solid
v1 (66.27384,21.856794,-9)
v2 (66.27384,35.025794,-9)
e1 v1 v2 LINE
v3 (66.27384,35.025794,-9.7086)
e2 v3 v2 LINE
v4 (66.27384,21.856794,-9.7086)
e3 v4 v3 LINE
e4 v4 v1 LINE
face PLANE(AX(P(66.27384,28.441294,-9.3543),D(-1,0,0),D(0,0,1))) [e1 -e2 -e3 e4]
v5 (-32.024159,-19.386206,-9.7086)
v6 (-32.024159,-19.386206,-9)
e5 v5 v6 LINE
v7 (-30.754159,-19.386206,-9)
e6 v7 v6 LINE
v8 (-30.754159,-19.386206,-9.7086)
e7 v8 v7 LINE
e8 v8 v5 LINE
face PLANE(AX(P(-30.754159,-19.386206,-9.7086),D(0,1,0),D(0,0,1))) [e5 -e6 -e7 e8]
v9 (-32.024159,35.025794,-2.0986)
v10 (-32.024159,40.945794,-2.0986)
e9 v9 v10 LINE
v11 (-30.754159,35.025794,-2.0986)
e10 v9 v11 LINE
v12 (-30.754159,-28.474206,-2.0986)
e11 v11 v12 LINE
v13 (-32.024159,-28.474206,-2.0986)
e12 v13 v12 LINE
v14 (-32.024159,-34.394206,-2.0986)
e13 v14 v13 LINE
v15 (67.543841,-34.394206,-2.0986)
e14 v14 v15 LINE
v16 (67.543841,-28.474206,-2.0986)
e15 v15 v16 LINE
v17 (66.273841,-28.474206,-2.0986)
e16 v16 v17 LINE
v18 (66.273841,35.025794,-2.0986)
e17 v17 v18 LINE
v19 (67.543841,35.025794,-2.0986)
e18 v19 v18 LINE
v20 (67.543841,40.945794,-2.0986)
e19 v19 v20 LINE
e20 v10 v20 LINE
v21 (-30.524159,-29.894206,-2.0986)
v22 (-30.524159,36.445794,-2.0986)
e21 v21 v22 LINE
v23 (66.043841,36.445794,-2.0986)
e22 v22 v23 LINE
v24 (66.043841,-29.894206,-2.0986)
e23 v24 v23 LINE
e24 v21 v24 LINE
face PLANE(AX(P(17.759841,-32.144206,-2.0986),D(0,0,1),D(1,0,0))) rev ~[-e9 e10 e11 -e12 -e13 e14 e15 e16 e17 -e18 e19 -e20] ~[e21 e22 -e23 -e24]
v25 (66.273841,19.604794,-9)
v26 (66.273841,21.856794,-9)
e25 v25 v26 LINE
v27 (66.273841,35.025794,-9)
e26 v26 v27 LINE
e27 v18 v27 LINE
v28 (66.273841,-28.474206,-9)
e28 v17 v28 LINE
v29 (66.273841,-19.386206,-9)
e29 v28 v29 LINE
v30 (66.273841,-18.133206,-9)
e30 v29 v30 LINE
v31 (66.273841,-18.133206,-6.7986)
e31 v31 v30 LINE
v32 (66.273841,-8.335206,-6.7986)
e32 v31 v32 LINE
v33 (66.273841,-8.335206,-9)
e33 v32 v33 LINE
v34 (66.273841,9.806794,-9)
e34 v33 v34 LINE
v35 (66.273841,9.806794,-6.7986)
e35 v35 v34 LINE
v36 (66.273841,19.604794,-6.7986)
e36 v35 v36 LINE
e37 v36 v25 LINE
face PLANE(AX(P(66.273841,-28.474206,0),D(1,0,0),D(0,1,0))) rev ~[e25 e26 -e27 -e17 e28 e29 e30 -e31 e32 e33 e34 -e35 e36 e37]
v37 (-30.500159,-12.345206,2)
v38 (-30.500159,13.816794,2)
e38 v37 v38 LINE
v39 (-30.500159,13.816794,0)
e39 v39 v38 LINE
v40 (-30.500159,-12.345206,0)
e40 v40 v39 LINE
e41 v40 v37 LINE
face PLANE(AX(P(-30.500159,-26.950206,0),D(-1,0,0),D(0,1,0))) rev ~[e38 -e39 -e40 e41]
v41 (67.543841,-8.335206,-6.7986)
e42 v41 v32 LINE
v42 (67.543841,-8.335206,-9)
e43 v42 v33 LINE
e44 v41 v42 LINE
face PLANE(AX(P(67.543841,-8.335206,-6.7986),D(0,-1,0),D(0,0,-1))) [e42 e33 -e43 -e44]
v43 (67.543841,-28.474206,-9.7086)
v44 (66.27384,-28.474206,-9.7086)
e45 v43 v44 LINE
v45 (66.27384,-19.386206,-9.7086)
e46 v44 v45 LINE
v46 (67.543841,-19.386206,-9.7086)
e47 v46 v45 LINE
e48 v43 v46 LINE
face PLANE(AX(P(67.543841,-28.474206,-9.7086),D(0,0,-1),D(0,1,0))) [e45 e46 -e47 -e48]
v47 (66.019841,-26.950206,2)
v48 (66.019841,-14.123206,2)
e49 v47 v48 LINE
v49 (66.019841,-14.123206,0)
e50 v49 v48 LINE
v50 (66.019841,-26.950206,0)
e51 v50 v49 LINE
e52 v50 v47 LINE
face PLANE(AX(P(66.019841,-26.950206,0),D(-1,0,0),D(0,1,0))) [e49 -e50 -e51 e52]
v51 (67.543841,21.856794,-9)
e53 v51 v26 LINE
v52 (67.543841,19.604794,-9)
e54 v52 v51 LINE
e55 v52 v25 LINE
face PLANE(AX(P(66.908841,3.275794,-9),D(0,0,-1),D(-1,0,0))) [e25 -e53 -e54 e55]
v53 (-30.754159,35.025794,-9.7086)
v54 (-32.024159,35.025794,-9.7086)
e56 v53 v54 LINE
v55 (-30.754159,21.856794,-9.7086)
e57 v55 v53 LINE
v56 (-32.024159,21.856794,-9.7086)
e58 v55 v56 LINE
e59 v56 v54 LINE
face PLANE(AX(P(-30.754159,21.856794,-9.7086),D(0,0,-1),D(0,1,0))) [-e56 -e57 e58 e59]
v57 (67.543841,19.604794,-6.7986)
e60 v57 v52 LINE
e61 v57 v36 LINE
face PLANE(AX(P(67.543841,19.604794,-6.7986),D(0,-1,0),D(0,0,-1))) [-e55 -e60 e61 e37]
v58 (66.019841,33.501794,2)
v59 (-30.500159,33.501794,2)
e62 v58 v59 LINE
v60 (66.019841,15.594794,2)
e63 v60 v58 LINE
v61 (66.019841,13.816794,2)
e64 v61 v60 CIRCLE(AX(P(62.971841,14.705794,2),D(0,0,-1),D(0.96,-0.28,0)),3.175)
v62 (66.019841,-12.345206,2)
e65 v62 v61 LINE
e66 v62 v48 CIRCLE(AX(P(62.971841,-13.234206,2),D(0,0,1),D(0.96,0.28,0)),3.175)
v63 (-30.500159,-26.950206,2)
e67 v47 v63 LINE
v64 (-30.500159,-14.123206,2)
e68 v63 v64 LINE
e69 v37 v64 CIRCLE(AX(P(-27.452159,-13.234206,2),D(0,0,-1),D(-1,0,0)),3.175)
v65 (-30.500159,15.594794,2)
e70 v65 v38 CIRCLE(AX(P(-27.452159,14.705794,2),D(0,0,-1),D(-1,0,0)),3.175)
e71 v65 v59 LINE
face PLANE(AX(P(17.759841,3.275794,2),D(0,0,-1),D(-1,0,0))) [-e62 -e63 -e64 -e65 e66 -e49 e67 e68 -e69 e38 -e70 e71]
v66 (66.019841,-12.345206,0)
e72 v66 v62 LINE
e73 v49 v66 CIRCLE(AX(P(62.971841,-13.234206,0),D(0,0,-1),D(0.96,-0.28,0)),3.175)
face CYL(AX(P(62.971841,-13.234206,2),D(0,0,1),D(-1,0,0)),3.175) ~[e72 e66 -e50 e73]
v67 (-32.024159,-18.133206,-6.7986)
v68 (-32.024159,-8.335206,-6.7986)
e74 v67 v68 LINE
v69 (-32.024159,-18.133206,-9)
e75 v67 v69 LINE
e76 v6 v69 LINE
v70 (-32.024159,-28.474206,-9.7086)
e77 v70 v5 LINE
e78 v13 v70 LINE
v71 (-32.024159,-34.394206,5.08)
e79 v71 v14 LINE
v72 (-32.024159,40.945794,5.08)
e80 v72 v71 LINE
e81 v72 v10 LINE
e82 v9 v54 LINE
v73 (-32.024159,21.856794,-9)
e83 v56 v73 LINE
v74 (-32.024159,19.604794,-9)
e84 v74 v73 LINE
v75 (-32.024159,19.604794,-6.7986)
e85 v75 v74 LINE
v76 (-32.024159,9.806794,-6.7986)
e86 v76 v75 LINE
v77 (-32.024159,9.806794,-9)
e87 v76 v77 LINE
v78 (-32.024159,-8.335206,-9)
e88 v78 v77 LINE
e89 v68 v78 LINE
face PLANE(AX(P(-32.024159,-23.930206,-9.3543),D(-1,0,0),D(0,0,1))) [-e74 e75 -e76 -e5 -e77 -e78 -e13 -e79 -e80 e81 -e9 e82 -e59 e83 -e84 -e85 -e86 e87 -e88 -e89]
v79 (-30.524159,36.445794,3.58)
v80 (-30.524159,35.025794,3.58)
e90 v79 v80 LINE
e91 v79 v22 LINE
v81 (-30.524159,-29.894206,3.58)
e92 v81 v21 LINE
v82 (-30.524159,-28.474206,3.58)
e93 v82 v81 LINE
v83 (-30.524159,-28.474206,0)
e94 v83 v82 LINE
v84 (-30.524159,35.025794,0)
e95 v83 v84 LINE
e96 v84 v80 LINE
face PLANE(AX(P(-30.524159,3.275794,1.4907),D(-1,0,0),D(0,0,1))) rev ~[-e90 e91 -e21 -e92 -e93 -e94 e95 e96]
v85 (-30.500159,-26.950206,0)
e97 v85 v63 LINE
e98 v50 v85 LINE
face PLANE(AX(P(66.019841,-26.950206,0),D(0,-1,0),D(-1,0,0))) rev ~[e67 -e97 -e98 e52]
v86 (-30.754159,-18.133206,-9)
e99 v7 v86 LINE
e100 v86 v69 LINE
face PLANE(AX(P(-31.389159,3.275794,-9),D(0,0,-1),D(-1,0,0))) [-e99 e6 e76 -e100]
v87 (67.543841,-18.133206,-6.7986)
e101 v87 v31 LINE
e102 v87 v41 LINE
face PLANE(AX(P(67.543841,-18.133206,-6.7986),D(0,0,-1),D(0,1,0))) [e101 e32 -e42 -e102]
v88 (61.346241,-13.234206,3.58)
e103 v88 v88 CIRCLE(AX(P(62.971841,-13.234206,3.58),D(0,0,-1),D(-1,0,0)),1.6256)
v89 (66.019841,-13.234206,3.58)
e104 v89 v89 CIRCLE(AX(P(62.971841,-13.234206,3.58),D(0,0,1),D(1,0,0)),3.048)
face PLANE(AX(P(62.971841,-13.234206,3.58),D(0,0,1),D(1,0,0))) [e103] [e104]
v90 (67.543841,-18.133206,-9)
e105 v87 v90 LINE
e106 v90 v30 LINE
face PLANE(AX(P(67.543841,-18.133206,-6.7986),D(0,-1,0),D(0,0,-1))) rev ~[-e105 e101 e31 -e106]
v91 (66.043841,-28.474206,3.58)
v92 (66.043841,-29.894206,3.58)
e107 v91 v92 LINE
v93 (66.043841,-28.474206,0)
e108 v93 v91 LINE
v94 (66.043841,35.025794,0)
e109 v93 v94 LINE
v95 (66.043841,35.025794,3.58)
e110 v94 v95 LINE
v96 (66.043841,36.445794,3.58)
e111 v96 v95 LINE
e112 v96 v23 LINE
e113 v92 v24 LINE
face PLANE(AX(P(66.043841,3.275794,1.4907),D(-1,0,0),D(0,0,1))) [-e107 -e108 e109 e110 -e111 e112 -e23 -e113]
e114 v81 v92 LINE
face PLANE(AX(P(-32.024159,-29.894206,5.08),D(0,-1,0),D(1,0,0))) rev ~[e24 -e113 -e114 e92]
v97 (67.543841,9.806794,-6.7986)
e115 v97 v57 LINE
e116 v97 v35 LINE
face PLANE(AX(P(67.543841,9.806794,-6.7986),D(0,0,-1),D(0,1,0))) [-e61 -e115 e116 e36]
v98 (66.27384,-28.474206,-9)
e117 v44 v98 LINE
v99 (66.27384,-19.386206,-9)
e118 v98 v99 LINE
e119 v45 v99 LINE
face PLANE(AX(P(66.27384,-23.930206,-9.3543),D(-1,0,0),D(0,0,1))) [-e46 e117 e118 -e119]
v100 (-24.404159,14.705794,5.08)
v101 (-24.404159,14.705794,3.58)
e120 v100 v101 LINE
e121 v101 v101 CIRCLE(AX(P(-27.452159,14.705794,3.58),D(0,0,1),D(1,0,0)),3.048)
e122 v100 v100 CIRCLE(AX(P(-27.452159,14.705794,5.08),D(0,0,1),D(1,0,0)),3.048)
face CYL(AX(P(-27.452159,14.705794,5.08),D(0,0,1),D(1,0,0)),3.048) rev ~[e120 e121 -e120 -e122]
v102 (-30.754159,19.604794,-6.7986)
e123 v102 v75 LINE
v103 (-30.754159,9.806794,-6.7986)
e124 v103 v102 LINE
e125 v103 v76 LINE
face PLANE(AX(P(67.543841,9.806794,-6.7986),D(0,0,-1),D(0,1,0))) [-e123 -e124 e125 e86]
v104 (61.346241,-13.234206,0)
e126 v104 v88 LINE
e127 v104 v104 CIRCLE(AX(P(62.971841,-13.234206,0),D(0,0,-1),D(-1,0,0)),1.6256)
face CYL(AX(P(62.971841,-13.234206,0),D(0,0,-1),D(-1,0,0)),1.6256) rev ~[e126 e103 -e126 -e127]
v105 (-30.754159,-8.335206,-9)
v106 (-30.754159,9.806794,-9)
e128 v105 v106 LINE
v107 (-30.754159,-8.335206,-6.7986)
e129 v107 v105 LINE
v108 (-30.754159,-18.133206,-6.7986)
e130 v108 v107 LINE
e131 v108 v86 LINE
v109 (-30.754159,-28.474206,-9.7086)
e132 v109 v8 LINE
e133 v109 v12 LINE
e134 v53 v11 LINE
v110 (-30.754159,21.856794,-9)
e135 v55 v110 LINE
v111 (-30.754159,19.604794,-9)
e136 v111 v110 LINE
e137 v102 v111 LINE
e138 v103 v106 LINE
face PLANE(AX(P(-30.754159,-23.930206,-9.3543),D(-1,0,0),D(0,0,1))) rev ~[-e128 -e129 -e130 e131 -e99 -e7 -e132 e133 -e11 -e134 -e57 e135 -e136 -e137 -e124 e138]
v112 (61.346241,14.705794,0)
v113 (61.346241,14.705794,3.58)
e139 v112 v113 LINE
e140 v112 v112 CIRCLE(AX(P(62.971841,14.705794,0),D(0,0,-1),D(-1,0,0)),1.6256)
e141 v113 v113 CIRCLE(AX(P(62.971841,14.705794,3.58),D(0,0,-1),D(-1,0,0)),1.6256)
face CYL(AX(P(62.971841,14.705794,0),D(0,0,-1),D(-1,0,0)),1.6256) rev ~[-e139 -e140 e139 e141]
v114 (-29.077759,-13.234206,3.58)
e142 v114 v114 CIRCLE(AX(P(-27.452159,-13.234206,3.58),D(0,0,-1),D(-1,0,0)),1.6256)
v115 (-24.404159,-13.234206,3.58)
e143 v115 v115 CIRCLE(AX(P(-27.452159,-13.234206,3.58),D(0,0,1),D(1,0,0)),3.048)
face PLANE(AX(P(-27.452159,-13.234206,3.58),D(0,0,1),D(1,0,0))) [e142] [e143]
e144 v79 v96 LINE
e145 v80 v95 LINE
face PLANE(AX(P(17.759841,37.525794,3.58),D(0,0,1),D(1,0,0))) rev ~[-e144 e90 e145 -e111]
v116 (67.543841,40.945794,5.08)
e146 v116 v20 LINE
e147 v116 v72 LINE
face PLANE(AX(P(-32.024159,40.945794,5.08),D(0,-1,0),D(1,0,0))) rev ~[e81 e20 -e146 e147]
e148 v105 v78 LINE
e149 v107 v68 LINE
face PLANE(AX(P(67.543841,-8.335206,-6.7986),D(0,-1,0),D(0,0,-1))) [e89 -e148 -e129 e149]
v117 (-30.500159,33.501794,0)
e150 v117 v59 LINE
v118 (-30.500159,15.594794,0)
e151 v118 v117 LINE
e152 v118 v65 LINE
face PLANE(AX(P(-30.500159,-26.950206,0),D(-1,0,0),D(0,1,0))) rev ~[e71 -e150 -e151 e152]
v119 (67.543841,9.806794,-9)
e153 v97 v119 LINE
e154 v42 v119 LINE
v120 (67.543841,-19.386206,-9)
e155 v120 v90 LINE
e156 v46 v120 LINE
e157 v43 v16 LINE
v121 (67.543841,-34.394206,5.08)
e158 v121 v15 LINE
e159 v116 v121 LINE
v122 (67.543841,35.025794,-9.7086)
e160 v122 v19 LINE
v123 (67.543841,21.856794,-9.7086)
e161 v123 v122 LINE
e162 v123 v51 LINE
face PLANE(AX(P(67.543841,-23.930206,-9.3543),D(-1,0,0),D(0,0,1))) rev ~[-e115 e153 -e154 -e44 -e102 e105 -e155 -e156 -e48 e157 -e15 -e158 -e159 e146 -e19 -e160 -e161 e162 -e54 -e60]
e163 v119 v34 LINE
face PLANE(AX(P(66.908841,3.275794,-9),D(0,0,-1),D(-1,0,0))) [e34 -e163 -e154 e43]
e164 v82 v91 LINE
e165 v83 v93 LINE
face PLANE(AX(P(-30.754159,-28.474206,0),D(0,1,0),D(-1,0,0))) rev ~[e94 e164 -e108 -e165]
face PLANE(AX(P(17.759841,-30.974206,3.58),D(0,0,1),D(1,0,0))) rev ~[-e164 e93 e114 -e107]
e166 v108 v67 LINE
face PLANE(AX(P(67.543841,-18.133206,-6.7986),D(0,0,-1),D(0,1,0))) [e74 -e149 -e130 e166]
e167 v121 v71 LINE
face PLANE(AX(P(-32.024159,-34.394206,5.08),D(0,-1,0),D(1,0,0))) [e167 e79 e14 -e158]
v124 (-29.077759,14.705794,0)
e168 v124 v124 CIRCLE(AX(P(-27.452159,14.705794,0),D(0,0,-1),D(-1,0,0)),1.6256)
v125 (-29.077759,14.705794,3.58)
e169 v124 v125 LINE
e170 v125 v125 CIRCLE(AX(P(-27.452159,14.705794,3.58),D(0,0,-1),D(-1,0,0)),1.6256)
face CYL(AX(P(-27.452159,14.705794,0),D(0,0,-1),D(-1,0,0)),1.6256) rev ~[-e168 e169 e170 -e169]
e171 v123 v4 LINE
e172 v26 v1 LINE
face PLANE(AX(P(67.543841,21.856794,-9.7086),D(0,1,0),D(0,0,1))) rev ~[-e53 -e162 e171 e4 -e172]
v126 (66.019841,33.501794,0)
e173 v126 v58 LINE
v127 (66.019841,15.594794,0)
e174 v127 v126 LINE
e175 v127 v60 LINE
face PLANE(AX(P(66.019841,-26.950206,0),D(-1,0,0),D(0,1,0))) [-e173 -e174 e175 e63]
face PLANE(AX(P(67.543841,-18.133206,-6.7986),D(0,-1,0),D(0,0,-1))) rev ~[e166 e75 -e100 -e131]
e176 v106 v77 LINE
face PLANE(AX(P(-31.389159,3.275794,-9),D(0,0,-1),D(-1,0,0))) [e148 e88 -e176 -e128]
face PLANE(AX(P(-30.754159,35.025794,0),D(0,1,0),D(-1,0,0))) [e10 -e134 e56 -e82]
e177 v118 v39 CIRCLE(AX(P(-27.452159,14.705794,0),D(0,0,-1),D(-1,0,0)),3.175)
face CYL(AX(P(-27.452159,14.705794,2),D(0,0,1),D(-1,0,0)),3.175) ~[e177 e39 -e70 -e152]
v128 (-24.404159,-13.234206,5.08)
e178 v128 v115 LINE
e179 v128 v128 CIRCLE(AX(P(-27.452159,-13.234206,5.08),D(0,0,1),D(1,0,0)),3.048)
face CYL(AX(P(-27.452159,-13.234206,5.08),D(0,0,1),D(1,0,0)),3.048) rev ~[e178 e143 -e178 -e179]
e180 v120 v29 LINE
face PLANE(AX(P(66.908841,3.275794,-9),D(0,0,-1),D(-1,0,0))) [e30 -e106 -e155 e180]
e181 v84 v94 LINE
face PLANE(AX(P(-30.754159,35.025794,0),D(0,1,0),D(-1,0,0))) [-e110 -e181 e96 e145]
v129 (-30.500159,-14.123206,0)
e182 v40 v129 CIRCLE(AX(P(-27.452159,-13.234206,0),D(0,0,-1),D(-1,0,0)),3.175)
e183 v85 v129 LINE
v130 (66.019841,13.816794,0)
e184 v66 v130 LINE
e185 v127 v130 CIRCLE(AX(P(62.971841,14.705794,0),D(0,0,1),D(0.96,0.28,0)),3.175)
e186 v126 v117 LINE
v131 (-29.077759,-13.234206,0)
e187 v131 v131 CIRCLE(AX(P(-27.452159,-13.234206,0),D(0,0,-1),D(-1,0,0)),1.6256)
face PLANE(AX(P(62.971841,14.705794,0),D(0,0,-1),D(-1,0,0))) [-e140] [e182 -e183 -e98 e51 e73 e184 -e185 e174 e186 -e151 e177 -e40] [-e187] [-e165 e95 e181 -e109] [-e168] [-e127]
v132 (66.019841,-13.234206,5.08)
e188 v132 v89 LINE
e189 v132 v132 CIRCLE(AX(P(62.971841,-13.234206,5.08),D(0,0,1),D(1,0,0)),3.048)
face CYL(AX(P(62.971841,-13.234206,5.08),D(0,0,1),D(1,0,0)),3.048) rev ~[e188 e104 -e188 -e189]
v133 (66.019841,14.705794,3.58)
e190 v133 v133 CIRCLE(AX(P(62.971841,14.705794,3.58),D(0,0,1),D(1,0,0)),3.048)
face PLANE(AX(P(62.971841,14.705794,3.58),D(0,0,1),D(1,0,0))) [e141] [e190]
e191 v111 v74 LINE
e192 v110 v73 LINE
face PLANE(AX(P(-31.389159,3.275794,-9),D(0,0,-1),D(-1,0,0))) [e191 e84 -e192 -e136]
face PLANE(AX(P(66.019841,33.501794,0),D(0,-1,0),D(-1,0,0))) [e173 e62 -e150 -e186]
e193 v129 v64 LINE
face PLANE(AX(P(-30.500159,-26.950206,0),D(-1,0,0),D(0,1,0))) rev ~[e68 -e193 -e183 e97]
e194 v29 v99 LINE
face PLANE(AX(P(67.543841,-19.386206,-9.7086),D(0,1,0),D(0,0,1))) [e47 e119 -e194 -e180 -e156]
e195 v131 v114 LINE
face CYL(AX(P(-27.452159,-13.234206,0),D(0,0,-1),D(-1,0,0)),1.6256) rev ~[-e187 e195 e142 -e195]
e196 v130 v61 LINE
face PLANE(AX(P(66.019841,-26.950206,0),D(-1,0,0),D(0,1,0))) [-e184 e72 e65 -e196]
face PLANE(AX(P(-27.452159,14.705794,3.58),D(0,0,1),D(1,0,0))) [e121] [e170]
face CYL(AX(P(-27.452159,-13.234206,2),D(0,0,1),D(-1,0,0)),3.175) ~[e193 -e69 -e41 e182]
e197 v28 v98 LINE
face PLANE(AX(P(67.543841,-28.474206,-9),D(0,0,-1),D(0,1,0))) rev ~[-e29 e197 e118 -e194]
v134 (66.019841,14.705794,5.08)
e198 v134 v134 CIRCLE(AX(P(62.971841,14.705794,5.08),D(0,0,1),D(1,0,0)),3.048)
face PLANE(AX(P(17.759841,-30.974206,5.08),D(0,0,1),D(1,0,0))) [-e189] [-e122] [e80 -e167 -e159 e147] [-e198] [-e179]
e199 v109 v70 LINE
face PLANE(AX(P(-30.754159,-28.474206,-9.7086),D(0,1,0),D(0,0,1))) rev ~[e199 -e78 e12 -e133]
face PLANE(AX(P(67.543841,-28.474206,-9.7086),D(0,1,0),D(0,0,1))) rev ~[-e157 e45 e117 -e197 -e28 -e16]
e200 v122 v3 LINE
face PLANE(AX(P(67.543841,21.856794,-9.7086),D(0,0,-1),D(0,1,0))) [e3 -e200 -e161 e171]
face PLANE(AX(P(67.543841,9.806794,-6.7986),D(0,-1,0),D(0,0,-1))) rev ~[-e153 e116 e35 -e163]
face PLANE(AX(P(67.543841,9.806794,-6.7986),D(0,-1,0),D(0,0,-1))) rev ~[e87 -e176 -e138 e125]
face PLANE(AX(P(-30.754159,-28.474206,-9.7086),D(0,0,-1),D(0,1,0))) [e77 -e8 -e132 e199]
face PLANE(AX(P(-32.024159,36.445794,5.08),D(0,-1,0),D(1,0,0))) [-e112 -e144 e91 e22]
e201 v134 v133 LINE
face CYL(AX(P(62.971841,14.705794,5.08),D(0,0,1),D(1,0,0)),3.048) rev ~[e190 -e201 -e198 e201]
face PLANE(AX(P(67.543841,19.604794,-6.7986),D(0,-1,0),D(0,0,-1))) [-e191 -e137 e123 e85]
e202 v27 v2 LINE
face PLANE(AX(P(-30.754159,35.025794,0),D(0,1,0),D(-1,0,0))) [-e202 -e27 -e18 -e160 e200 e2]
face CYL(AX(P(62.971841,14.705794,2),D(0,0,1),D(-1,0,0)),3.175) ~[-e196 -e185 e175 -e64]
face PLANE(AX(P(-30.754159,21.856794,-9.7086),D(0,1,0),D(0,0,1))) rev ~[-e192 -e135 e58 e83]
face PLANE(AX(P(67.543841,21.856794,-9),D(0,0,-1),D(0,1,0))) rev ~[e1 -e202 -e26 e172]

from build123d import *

# Parameters (mm, degrees)
SKETCH1_W                      = 99.568
SKETCH1_H                      = 63.5
BASE_DEPTH                     = 5.08
SKETCH2_W                      = 96.52
SKETCH2_H                      = 60.452
HOLLOW_DEPTH                   = 2.000000064
SKETCH3_W                      = 1.27
SKETCH3_H                      = 63.5
END_PIECES_DEPTH               = 9.000000034
SKETCH7_W                      = 2.201400112
SKETCH7_H                      = 9.798
WHERE_TOP_INTRUDES_DEPTH       = 106.932019925
CABLE_STOP_WINGS_ALT_W         = 99.568
CABLE_STOP_WINGS_ALT_H         = 5
CABLE_STOP_WING_BOSS_ALT_DEPTH = 1.500000048
SKETCH4_R                      = 3.175
SCREW_BOSSES_DEPTH             = 2.000000064
SKETCH5_R                      = 1.6256
SCREW_HOLES_DEPTH              = 80.026797047
SKETCH6_R                      = 3.048
COUNTER_SINK_DEPTH             = 1.500000048
SKETCH25_W                     = 99.568
SKETCH25_H                     = 4.5
BOX_UNDER_CONNECTORS_DEPTH     = 7.1786
SKETCH26_W                     = 7.1786
SKETCH26_H                     = 75.34
FILL_ENDS_DEPTH                = 1.5
FILL_START                     = -99.568
SKETCH26_2_W                   = 7.1786
SKETCH26_2_H                   = 75.34
FILL_THE_OTHER_END_DEPTH       = 1.5
BOSS_EXTRUDE4_START            = -1.27
SKETCH27_W                     = 0.708599966
SKETCH27_H                     = 9.088
SKETCH27_H_2                   = 13.169
BOSS_EXTRUDE4_DEPTH            = 1.27
BOSS_EXTRUDE5_START            = -99.568
SKETCH27_2_W                   = 0.708599966
SKETCH27_2_H                   = 9.088
SKETCH27_2_H_2                 = 13.169
BOSS_EXTRUDE5_DEPTH            = 1.270001


with BuildPart() as part:
    # Sketch1 → base (new body)
    with BuildSketch(Plane.XY):
        with Locations((17.75984127, 3.275793651)):
            Rectangle(SKETCH1_W, SKETCH1_H)
    extrude(amount=BASE_DEPTH)

    # Sketch2 → hollow (cut)
    with BuildSketch(Plane(origin=(0, 0, 0), x_dir=(-1, 0, 0), z_dir=(0, 0, -1))):
        with Locations((-17.75984127, 3.275793651)):
            Rectangle(SKETCH2_W, SKETCH2_H)
    extrude(amount=-HOLLOW_DEPTH, mode=Mode.SUBTRACT)

    # Sketch3 → end pieces (add)
    with BuildSketch(Plane(origin=(0, 0, 0), x_dir=(-1, 0, 0), z_dir=(0, 0, -1))):
        with Locations((31.38915873, 3.275793651)):
            Rectangle(SKETCH3_W, SKETCH3_H)
        with Locations((-66.90884127, 3.275793651)):
            Rectangle(SKETCH3_W, SKETCH3_H)
    extrude(amount=END_PIECES_DEPTH)

    # Sketch7 → where top intrudes (cut, through all)
    with BuildSketch(Plane(origin=(67.54384127, 0, 0), x_dir=(0, 0, -1), z_dir=(1, 0, 0))):
        with Locations((7.899299978, 14.705793651)):
            Rectangle(SKETCH7_W, SKETCH7_H)
        with Locations((7.899299978, -13.234206349)):
            Rectangle(SKETCH7_W, SKETCH7_H)
    extrude(amount=-WHERE_TOP_INTRUDES_DEPTH, mode=Mode.SUBTRACT)

    # cable stop wings alt → cable stop wing boss alt (add)
    with BuildSketch(Plane.XY.offset(5.08)):
        with Locations((17.75984127, -30.974206349)):
            Rectangle(CABLE_STOP_WINGS_ALT_W, CABLE_STOP_WINGS_ALT_H)
        with Locations((17.75984127, 37.525793651)):
            Rectangle(CABLE_STOP_WINGS_ALT_W, CABLE_STOP_WINGS_ALT_H)
    extrude(amount=-CABLE_STOP_WING_BOSS_ALT_DEPTH)

    # Sketch4 → screw bosses (add)
    with BuildSketch(Plane(origin=(0, 0, 2.000000064), x_dir=(-1, 0, 0), z_dir=(0, 0, -1))):
        with Locations((-62.97184127, 14.705793651)):
            Circle(SKETCH4_R)
        with Locations((-62.97184127, -13.234206349)):
            Circle(SKETCH4_R)
        with Locations((27.45215873, -13.234206349)):
            Circle(SKETCH4_R)
        with Locations((27.45215873, 14.705793651)):
            Circle(SKETCH4_R)
    extrude(amount=SCREW_BOSSES_DEPTH)

    # Sketch5 → screw holes (cut, through all)
    with BuildSketch(Plane(origin=(0, 0, 0), x_dir=(-1, 0, 0), z_dir=(0, 0, -1))):
        with Locations((-62.97184127, 14.705793651)):
            Circle(SKETCH5_R)
        with Locations((-62.97184127, -13.234206349)):
            Circle(SKETCH5_R)
        with Locations((27.45215873, 14.705793651)):
            Circle(SKETCH5_R)
        with Locations((27.45215873, -13.234206349)):
            Circle(SKETCH5_R)
    extrude(amount=-SCREW_HOLES_DEPTH, mode=Mode.SUBTRACT)

    # Sketch6 → counter sink (cut)
    with BuildSketch(Plane.XY.offset(5.08)):
        with Locations((62.97184127, -13.234206349)):
            Circle(SKETCH6_R)
        with Locations((62.97184127, 14.705793651)):
            Circle(SKETCH6_R)
        with Locations((-27.45215873, -13.234206349)):
            Circle(SKETCH6_R)
        with Locations((-27.45215873, 14.705793651)):
            Circle(SKETCH6_R)
    extrude(amount=-COUNTER_SINK_DEPTH, mode=Mode.SUBTRACT)

    # Sketch25 → box under connectors (add)
    with BuildSketch(Plane.XY.offset(5.08)):
        with Locations((17.75984127, 38.695793651)):
            Rectangle(SKETCH25_W, SKETCH25_H)
        with Locations((17.75984127, -32.144206349)):
            Rectangle(SKETCH25_W, SKETCH25_H)
    extrude(amount=-BOX_UNDER_CONNECTORS_DEPTH)

    # Sketch26 → Fill ends (add)
    with BuildSketch(Plane.ZY.offset(32.02415873)):
        with Locations((1.4907, 3.275793651)):
            Rectangle(SKETCH26_W, SKETCH26_H)
    extrude(amount=-FILL_ENDS_DEPTH)

    # Sketch26<2> → Fill the other end (add)
    with BuildSketch(Plane.ZY.offset(32.02415873).offset(FILL_START)):
        with Locations((1.4907, 3.275793651)):
            Rectangle(SKETCH26_2_W, SKETCH26_2_H)
    extrude(amount=FILL_THE_OTHER_END_DEPTH)

    # Sketch27 → Boss-Extrude4 (add)
    with BuildSketch(Plane.ZY.offset(32.02415873).offset(BOSS_EXTRUDE4_START)):
        with Locations((-9.354300017, -23.930206349)):
            Rectangle(SKETCH27_W, SKETCH27_H)
        with Locations((-9.354300017, 28.441293651)):
            Rectangle(SKETCH27_W, SKETCH27_H_2)
    extrude(amount=BOSS_EXTRUDE4_DEPTH)

    # Sketch27<2> → Boss-Extrude5 (add)
    with BuildSketch(Plane.ZY.offset(32.02415873).offset(BOSS_EXTRUDE5_START)):
        with Locations((-9.354300017, -23.930206349)):
            Rectangle(SKETCH27_2_W, SKETCH27_2_H)
        with Locations((-9.354300017, 28.441293651)):
            Rectangle(SKETCH27_2_W, SKETCH27_2_H_2)
    extrude(amount=BOSS_EXTRUDE5_DEPTH)


solid = part.part
